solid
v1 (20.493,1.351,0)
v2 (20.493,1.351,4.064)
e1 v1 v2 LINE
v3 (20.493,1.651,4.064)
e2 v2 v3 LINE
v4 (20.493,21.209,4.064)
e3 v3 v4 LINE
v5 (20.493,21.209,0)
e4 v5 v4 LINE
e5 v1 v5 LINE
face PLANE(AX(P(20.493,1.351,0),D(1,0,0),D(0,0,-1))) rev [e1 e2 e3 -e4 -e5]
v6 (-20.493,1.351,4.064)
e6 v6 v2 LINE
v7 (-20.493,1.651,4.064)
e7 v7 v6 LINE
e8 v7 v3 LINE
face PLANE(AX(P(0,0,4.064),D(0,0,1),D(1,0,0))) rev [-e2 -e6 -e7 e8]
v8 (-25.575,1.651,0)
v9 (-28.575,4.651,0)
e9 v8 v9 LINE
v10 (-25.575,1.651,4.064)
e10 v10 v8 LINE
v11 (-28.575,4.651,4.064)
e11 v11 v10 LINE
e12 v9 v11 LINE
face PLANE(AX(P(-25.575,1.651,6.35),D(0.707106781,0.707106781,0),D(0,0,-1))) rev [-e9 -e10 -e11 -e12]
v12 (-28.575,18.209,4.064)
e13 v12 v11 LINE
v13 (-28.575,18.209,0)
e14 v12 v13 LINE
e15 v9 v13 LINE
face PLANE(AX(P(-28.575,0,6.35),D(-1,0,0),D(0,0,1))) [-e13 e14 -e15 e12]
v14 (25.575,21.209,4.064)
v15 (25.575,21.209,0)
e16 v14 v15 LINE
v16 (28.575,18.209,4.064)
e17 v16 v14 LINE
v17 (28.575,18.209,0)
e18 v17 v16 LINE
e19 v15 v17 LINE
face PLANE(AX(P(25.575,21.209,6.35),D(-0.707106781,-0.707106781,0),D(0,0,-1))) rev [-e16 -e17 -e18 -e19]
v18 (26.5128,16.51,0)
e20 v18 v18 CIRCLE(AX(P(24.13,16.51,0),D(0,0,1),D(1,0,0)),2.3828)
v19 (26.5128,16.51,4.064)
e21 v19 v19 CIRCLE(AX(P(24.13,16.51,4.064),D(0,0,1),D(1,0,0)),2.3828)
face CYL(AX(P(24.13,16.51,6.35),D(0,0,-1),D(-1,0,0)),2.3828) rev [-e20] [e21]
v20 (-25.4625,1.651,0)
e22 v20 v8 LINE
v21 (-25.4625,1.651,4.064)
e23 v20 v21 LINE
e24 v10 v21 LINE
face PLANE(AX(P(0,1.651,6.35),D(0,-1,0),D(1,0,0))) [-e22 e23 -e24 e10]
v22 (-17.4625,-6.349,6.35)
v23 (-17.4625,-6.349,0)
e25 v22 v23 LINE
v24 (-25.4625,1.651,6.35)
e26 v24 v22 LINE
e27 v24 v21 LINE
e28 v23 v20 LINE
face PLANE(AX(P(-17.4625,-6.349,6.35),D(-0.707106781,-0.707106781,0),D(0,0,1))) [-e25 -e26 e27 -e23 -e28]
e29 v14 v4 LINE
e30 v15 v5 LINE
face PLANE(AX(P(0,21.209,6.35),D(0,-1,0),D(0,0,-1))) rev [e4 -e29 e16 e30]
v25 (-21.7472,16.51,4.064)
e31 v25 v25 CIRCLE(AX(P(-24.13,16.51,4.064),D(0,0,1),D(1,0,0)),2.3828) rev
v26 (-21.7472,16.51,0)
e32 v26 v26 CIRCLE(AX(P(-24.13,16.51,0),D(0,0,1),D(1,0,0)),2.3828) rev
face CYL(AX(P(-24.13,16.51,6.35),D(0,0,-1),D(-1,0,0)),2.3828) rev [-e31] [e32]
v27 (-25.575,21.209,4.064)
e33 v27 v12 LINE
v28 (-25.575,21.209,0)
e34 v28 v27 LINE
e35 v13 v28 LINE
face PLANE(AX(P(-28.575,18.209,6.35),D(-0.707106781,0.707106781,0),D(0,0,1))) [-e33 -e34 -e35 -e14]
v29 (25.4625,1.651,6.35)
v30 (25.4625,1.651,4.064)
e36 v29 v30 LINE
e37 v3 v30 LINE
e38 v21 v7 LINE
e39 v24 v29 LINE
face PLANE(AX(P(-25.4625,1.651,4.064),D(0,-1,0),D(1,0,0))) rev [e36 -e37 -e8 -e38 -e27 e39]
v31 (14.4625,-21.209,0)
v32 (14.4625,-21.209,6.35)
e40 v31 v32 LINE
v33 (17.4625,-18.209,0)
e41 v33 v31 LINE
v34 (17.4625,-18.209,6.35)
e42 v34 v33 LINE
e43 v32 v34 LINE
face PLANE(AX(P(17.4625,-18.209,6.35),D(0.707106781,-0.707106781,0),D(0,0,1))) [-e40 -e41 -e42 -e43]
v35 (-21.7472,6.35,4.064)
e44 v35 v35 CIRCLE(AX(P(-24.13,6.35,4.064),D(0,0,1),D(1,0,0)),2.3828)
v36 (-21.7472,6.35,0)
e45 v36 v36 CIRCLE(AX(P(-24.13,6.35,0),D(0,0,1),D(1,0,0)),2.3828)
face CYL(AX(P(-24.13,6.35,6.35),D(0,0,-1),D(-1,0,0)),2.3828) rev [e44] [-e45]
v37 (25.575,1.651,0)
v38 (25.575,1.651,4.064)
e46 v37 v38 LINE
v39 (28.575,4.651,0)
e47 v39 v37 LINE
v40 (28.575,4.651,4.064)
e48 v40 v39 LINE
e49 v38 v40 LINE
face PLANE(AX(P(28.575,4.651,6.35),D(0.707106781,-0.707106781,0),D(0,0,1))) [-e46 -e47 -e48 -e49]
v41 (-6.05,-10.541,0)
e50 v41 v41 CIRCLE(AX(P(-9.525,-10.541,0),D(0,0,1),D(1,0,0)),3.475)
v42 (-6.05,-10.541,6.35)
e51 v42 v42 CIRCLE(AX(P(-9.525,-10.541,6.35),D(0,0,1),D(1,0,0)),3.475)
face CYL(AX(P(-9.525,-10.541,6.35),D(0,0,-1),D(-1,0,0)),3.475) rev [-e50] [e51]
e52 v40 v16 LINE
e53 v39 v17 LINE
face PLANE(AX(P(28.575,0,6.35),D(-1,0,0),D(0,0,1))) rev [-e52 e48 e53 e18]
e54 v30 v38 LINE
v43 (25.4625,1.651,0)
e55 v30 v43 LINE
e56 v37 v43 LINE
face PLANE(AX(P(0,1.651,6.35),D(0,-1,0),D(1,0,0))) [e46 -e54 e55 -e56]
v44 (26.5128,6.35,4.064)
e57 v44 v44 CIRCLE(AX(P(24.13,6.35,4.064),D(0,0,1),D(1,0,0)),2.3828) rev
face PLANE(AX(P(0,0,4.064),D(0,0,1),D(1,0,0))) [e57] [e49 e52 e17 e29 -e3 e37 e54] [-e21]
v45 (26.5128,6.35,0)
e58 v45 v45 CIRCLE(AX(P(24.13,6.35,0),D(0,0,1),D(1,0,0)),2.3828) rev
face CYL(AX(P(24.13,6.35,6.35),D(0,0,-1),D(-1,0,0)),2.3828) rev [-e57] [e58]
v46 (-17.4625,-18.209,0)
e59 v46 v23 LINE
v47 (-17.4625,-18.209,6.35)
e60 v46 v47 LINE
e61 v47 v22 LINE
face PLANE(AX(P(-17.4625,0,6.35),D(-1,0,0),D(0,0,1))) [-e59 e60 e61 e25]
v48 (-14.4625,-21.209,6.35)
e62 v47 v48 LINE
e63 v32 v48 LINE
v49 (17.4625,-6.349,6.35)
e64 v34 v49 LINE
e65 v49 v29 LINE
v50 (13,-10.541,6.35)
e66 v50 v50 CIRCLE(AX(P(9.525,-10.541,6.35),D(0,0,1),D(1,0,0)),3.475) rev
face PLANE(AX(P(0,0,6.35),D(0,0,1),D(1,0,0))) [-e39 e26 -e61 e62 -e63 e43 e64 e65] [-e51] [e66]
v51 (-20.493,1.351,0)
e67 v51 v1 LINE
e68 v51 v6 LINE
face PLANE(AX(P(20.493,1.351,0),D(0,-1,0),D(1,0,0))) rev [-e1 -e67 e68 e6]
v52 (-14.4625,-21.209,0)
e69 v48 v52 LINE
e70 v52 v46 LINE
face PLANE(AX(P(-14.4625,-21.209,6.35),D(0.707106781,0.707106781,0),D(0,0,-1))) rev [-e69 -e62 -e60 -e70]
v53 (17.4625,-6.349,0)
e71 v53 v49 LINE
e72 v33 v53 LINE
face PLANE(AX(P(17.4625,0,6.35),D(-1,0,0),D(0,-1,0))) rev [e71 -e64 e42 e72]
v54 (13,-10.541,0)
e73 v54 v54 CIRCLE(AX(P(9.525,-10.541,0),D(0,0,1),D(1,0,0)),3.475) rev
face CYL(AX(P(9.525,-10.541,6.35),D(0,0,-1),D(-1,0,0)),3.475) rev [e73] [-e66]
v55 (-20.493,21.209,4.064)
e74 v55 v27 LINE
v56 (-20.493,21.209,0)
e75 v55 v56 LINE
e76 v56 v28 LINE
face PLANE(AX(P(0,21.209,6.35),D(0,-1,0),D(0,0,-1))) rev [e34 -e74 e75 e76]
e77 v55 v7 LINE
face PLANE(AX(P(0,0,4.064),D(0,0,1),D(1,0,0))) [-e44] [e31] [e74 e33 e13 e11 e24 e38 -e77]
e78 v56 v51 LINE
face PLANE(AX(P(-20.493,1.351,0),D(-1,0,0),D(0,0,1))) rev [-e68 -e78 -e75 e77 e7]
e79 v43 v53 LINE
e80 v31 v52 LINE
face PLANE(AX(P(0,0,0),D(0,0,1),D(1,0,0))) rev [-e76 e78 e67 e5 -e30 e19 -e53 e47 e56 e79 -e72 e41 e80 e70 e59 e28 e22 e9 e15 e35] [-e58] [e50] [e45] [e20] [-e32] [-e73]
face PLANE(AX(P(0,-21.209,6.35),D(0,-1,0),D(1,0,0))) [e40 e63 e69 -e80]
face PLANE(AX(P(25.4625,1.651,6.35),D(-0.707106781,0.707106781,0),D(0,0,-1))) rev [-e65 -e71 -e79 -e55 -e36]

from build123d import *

# Parameters (mm, degrees)
SKETCH1_R           = 3.475
SKETCH1_R_2         = 2.3828
BOSS_EXTRUDE1_DEPTH = 6.35
CHAMFER1_SIZE       = 3
CHAMFER2_SIZE       = 8
CUT_EXTRUDE1_DEPTH  = 2.286
SKETCH4_W           = 40.986
SKETCH4_H           = 20.158
CUT_EXTRUDE2_DEPTH  = 36.817152344


with BuildPart() as part:
    # Sketch1 → Boss-Extrude1 (new body)
    with BuildSketch(Plane.XY):
        Polygon((17.4625, -21.209), (-17.4625, -21.209), (-17.4625, 1.651), (-28.575, 1.651), (-28.575, 21.209), (28.575, 21.209), (28.575, 1.651), (17.4625, 1.651), align=None)
        with Locations((-9.525, -10.541)):
            Circle(SKETCH1_R, mode=Mode.SUBTRACT)
        with Locations((9.525, -10.541)):
            Circle(SKETCH1_R, mode=Mode.SUBTRACT)
        with Locations((-24.13, 6.35)):
            Circle(SKETCH1_R_2, mode=Mode.SUBTRACT)
        with Locations((-24.13, 16.51)):
            Circle(SKETCH1_R_2, mode=Mode.SUBTRACT)
        with Locations((24.13, 16.51)):
            Circle(SKETCH1_R_2, mode=Mode.SUBTRACT)
        with Locations((24.13, 6.35)):
            Circle(SKETCH1_R_2, mode=Mode.SUBTRACT)
    extrude(amount=BOSS_EXTRUDE1_DEPTH)

    # Chamfer1
    chamfer1_edges = [part.edges().sort_by_distance(p)[0] for p in [
        (-28.575, 1.651, 3.175),
        (-28.575, 21.209, 3.175),
        (28.575, 21.209, 3.175),
        (28.575, 1.651, 3.175),
        (17.4625, -21.209, 3.175),
        (-17.4625, -21.209, 3.175),
    ]]
    chamfer(chamfer1_edges, length=CHAMFER1_SIZE)

    # Chamfer2
    chamfer2_edges = [part.edges().sort_by_distance(p)[0] for p in [
        (17.4625, 1.651, 3.175),
        (-17.4625, 1.651, 3.175),
    ]]
    chamfer(chamfer2_edges, length=CHAMFER2_SIZE)

    # Sketch3 → Cut-Extrude1 (cut)
    with BuildSketch(Plane.XY.offset(6.35)):
        Polygon((-25.4625, 1.651), (25.4625, 1.651), (25.575, 1.651), (28.575, 4.651), (28.575, 18.209), (25.575, 21.209), (-25.575, 21.209), (-28.575, 18.209), (-28.575, 4.651), (-25.575, 1.651), align=None)
    extrude(amount=-CUT_EXTRUDE1_DEPTH, mode=Mode.SUBTRACT)

    # Sketch4 → Cut-Extrude2 (cut, through all)
    with BuildSketch(Plane.XY.offset(4.064)):
        with Locations((0, 11.43)):
            Rectangle(SKETCH4_W, SKETCH4_H)
    extrude(amount=-CUT_EXTRUDE2_DEPTH, mode=Mode.SUBTRACT)


solid = part.part
